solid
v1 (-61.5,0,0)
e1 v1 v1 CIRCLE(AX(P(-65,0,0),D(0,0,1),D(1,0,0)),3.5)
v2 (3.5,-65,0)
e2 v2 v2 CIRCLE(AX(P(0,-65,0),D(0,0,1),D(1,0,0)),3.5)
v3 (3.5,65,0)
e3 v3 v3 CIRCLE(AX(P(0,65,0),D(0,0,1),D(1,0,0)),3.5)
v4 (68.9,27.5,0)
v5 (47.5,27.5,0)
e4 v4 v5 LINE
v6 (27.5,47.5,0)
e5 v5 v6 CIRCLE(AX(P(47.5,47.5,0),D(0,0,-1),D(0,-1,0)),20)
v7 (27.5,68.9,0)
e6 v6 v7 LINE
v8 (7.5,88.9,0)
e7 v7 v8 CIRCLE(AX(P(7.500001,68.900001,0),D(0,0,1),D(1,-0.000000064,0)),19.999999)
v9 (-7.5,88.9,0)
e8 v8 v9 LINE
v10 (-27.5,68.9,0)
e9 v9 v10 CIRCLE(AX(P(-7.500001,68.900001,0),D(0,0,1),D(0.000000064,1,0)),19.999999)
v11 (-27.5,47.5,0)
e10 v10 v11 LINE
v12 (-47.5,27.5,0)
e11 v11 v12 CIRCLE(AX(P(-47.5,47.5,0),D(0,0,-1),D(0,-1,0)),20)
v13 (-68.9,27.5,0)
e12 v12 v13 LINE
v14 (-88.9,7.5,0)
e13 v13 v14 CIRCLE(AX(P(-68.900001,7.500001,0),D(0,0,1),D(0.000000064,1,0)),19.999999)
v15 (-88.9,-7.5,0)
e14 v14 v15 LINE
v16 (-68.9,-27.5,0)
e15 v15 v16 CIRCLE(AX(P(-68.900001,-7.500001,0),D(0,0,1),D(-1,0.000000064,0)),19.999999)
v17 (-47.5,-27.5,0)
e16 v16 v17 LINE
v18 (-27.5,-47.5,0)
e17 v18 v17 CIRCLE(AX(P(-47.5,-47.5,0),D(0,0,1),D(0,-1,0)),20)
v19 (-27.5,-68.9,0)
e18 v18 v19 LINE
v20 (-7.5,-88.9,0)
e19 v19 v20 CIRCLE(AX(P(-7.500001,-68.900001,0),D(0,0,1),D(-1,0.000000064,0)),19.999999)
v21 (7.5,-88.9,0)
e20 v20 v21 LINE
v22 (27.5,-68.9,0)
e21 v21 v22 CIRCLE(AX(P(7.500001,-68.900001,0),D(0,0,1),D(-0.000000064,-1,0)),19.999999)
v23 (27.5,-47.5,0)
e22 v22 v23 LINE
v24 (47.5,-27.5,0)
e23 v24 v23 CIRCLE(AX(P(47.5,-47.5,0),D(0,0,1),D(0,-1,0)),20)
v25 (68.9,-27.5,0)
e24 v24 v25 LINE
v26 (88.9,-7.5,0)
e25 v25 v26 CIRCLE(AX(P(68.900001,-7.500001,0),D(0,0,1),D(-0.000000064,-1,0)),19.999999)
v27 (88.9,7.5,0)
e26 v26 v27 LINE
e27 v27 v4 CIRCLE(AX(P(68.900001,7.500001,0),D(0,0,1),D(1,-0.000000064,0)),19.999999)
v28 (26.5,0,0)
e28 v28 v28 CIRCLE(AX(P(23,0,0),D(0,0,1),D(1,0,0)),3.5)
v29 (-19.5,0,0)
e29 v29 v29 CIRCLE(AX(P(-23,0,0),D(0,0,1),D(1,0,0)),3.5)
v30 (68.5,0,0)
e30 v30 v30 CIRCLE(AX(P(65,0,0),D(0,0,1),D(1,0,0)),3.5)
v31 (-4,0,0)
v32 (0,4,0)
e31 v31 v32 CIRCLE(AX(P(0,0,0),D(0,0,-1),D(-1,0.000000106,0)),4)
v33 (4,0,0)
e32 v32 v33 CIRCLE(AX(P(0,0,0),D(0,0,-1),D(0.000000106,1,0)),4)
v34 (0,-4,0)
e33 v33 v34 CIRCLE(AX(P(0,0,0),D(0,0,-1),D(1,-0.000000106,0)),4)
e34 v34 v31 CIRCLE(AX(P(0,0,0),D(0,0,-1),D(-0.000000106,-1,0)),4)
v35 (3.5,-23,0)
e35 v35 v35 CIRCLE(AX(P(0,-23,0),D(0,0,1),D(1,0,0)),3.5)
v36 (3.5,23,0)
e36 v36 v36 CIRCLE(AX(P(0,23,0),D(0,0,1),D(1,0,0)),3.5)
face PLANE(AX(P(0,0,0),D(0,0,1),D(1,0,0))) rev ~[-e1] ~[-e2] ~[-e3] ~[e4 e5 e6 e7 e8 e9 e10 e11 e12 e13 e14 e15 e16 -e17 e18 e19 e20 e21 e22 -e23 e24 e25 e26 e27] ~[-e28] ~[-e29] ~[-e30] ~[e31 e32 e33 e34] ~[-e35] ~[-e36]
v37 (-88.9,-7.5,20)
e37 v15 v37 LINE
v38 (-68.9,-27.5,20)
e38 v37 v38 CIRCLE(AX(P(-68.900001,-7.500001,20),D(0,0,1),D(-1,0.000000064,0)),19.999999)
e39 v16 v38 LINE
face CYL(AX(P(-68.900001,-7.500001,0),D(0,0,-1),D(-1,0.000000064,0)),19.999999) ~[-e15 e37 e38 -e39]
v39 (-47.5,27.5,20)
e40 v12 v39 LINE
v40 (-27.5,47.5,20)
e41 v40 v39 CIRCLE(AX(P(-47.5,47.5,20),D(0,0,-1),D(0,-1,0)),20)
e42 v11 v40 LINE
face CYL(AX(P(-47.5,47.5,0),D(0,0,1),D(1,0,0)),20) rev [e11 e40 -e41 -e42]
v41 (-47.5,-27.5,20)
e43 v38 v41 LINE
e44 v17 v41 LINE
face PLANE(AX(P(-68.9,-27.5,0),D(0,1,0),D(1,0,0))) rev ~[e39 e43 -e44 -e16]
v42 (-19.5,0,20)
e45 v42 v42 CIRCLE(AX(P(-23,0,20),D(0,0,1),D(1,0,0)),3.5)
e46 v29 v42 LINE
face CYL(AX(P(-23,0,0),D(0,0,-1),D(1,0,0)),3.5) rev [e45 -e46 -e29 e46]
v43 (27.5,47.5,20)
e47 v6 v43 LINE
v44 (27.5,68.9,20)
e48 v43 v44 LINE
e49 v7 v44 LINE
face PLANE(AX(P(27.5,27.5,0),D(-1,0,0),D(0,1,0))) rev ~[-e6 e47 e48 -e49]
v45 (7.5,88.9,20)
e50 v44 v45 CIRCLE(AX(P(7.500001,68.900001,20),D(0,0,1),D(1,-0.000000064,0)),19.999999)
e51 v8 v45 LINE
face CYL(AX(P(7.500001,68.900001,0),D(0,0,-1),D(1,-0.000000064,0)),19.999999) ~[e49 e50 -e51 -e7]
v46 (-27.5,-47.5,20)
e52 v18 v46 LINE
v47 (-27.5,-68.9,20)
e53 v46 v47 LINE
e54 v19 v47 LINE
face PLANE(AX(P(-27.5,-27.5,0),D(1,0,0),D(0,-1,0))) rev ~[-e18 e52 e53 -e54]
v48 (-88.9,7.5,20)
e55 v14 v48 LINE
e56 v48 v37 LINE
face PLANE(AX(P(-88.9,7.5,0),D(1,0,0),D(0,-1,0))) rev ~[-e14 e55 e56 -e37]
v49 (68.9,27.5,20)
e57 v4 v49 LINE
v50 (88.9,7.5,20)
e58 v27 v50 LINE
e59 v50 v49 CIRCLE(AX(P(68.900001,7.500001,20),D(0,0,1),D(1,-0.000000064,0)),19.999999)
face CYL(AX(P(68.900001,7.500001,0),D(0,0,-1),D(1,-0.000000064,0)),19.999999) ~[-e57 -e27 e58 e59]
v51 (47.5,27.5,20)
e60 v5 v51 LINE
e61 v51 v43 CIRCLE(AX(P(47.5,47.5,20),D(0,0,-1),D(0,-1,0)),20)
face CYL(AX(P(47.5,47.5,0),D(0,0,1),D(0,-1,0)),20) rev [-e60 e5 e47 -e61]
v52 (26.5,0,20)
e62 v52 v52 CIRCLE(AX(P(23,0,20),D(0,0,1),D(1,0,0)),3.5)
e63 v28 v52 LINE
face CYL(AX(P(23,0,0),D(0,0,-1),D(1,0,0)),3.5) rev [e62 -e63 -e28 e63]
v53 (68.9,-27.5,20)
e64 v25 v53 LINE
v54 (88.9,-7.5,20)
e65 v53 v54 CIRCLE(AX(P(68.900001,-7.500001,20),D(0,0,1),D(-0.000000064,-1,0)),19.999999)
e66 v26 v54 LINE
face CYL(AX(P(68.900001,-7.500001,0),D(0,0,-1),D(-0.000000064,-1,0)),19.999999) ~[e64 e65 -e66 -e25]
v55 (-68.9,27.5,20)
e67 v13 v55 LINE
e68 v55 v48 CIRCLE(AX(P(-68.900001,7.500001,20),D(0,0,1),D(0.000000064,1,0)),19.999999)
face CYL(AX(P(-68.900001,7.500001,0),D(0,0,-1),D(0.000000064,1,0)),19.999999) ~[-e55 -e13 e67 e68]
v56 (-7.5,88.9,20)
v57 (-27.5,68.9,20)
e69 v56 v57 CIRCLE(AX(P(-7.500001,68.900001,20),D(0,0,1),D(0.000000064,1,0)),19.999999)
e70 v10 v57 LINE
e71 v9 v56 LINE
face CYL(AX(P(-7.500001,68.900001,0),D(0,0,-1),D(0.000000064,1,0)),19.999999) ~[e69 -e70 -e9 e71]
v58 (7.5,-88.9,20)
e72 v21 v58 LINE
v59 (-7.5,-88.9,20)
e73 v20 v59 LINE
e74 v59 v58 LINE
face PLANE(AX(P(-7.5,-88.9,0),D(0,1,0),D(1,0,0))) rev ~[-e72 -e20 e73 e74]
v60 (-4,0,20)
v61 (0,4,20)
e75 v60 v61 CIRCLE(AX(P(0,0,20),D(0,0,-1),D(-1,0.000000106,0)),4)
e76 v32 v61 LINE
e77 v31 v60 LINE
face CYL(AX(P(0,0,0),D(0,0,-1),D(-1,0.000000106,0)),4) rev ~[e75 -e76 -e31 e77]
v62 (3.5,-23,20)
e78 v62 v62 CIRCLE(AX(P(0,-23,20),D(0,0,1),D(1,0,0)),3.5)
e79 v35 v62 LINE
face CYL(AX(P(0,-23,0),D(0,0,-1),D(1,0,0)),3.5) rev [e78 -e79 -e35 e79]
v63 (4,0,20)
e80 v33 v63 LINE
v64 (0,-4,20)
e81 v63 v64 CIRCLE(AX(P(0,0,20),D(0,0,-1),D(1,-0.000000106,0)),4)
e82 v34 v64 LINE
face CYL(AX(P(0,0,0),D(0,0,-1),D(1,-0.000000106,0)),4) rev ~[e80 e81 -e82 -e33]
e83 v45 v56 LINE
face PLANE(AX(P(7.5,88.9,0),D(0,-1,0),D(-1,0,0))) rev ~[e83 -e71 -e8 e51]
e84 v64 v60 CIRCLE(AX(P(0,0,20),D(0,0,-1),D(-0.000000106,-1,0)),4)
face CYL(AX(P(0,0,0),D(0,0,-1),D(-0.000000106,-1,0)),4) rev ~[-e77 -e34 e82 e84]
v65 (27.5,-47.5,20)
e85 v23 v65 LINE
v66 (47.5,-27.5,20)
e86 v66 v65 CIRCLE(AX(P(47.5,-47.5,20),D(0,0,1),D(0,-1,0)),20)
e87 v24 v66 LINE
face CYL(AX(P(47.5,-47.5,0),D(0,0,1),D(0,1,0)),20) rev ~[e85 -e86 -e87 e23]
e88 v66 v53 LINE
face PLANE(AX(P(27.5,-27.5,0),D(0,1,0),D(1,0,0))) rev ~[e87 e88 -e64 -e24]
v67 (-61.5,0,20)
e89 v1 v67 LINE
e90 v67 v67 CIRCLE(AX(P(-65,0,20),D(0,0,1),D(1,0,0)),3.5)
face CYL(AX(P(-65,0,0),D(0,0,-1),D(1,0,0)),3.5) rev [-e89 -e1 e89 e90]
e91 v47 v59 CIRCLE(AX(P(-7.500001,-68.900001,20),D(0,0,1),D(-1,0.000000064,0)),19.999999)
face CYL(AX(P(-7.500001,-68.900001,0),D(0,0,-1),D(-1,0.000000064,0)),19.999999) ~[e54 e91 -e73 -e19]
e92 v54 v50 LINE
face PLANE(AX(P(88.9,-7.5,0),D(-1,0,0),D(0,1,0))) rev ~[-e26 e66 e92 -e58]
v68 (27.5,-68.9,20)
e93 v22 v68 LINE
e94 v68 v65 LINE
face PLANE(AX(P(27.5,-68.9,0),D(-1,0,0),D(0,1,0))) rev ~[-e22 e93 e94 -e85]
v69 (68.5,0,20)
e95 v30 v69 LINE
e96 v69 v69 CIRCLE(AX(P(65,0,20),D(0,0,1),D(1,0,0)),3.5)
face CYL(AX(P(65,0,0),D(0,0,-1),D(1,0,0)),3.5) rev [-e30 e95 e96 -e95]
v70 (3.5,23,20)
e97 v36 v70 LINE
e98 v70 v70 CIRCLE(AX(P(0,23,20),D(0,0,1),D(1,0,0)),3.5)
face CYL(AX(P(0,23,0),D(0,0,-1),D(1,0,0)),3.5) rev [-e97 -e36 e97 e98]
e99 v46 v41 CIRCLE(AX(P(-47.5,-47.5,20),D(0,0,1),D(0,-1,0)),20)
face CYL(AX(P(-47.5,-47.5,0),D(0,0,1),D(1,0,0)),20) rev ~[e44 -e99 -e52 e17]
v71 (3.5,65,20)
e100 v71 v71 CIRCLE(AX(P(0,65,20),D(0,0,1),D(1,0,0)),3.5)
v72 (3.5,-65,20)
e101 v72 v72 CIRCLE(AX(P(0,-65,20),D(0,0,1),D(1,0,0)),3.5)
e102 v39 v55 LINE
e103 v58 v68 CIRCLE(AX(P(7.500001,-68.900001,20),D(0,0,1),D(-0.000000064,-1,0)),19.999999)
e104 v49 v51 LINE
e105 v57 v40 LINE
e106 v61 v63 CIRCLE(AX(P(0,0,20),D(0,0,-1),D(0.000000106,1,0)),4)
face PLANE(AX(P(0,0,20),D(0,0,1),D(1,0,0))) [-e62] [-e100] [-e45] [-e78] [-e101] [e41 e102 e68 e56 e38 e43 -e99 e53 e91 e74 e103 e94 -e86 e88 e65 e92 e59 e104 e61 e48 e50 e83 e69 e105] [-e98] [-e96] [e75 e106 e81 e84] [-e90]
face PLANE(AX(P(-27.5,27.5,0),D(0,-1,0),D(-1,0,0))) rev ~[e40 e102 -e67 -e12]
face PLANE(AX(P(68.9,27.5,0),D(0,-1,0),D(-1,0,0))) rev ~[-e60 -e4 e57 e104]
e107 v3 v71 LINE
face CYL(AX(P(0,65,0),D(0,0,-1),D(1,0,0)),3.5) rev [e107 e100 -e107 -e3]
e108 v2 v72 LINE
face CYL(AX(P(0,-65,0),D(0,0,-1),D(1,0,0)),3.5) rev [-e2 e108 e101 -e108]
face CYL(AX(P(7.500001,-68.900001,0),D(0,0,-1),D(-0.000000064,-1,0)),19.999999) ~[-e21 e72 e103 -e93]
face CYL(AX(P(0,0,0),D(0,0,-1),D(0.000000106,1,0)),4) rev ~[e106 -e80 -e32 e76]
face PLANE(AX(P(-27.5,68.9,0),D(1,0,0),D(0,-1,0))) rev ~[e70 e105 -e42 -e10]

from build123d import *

# Parameters (mm, degrees)
F0_R     = 3.5
F1_DEPTH = 20
F2_R     = 20


with BuildPart() as f1:
    # F0 (on Top) → F1 (new body)
    with BuildSketch(Plane.XY):
        with BuildLine():
            Line((68.9, 27.5), (27.5, 27.5))
            Line((27.5, 27.5), (27.5, 68.9))
            ThreePointArc((27.5, 68.9), (21.642136, 83.042136), (7.5, 88.9))
            Line((7.5, 88.9), (-7.5, 88.9))
            ThreePointArc((-7.5, 88.9), (-21.642136, 83.042136), (-27.5, 68.9))
            Line((-27.5, 68.9), (-27.5, 27.5))
            Line((-27.5, 27.5), (-68.9, 27.5))
            ThreePointArc((-68.9, 27.5), (-83.042136, 21.642136), (-88.9, 7.5))
            Line((-88.9, 7.5), (-88.9, -7.5))
            ThreePointArc((-88.9, -7.5), (-83.042136, -21.642136), (-68.9, -27.5))
            Line((-68.9, -27.5), (-27.5, -27.5))
            Line((-27.5, -27.5), (-27.5, -68.9))
            ThreePointArc((-27.5, -68.9), (-21.642136, -83.042136), (-7.5, -88.9))
            Line((-7.5, -88.9), (7.5, -88.9))
            ThreePointArc((7.5, -88.9), (21.642136, -83.042136), (27.5, -68.9))
            Line((27.5, -68.9), (27.5, -27.5))
            Line((27.5, -27.5), (68.9, -27.5))
            ThreePointArc((68.9, -27.5), (83.042136, -21.642136), (88.9, -7.5))
            Line((88.9, -7.5), (88.9, 7.5))
            ThreePointArc((88.9, 7.5), (83.042136, 21.642136), (68.9, 27.5))
        make_face()
        with Locations((0, -65)):
            Circle(F0_R, mode=Mode.SUBTRACT)
        with Locations((0, -23)):
            Circle(F0_R, mode=Mode.SUBTRACT)
        with Locations((-65, 0)):
            Circle(F0_R, mode=Mode.SUBTRACT)
        with Locations((-23, 0)):
            Circle(F0_R, mode=Mode.SUBTRACT)
        with BuildLine():
            ThreePointArc((4, 0), (2.828427, -2.828427), (0, -4))
            ThreePointArc((0, -4), (-2.828427, -2.828427), (-4, 0))
            ThreePointArc((-4, 0), (-2.828427, 2.828427), (0, 4))
            ThreePointArc((0, 4), (2.828427, 2.828427), (4, 0))
        make_face(mode=Mode.SUBTRACT)
        with Locations((23, 0)):
            Circle(F0_R, mode=Mode.SUBTRACT)
        with Locations((0, 23)):
            Circle(F0_R, mode=Mode.SUBTRACT)
        with Locations((65, 0)):
            Circle(F0_R, mode=Mode.SUBTRACT)
        with Locations((0, 65)):
            Circle(F0_R, mode=Mode.SUBTRACT)
    extrude(amount=F1_DEPTH)

    # F2
    f2_edges = [f1.edges().sort_by_distance(p)[0] for p in [
        (27.5, 27.5, 10),
        (27.5, -27.5, 10),
        (-27.5, -27.5, 10),
        (-27.5, 27.5, 10),
    ]]
    fillet(f2_edges, radius=F2_R)


solid = f1.part
